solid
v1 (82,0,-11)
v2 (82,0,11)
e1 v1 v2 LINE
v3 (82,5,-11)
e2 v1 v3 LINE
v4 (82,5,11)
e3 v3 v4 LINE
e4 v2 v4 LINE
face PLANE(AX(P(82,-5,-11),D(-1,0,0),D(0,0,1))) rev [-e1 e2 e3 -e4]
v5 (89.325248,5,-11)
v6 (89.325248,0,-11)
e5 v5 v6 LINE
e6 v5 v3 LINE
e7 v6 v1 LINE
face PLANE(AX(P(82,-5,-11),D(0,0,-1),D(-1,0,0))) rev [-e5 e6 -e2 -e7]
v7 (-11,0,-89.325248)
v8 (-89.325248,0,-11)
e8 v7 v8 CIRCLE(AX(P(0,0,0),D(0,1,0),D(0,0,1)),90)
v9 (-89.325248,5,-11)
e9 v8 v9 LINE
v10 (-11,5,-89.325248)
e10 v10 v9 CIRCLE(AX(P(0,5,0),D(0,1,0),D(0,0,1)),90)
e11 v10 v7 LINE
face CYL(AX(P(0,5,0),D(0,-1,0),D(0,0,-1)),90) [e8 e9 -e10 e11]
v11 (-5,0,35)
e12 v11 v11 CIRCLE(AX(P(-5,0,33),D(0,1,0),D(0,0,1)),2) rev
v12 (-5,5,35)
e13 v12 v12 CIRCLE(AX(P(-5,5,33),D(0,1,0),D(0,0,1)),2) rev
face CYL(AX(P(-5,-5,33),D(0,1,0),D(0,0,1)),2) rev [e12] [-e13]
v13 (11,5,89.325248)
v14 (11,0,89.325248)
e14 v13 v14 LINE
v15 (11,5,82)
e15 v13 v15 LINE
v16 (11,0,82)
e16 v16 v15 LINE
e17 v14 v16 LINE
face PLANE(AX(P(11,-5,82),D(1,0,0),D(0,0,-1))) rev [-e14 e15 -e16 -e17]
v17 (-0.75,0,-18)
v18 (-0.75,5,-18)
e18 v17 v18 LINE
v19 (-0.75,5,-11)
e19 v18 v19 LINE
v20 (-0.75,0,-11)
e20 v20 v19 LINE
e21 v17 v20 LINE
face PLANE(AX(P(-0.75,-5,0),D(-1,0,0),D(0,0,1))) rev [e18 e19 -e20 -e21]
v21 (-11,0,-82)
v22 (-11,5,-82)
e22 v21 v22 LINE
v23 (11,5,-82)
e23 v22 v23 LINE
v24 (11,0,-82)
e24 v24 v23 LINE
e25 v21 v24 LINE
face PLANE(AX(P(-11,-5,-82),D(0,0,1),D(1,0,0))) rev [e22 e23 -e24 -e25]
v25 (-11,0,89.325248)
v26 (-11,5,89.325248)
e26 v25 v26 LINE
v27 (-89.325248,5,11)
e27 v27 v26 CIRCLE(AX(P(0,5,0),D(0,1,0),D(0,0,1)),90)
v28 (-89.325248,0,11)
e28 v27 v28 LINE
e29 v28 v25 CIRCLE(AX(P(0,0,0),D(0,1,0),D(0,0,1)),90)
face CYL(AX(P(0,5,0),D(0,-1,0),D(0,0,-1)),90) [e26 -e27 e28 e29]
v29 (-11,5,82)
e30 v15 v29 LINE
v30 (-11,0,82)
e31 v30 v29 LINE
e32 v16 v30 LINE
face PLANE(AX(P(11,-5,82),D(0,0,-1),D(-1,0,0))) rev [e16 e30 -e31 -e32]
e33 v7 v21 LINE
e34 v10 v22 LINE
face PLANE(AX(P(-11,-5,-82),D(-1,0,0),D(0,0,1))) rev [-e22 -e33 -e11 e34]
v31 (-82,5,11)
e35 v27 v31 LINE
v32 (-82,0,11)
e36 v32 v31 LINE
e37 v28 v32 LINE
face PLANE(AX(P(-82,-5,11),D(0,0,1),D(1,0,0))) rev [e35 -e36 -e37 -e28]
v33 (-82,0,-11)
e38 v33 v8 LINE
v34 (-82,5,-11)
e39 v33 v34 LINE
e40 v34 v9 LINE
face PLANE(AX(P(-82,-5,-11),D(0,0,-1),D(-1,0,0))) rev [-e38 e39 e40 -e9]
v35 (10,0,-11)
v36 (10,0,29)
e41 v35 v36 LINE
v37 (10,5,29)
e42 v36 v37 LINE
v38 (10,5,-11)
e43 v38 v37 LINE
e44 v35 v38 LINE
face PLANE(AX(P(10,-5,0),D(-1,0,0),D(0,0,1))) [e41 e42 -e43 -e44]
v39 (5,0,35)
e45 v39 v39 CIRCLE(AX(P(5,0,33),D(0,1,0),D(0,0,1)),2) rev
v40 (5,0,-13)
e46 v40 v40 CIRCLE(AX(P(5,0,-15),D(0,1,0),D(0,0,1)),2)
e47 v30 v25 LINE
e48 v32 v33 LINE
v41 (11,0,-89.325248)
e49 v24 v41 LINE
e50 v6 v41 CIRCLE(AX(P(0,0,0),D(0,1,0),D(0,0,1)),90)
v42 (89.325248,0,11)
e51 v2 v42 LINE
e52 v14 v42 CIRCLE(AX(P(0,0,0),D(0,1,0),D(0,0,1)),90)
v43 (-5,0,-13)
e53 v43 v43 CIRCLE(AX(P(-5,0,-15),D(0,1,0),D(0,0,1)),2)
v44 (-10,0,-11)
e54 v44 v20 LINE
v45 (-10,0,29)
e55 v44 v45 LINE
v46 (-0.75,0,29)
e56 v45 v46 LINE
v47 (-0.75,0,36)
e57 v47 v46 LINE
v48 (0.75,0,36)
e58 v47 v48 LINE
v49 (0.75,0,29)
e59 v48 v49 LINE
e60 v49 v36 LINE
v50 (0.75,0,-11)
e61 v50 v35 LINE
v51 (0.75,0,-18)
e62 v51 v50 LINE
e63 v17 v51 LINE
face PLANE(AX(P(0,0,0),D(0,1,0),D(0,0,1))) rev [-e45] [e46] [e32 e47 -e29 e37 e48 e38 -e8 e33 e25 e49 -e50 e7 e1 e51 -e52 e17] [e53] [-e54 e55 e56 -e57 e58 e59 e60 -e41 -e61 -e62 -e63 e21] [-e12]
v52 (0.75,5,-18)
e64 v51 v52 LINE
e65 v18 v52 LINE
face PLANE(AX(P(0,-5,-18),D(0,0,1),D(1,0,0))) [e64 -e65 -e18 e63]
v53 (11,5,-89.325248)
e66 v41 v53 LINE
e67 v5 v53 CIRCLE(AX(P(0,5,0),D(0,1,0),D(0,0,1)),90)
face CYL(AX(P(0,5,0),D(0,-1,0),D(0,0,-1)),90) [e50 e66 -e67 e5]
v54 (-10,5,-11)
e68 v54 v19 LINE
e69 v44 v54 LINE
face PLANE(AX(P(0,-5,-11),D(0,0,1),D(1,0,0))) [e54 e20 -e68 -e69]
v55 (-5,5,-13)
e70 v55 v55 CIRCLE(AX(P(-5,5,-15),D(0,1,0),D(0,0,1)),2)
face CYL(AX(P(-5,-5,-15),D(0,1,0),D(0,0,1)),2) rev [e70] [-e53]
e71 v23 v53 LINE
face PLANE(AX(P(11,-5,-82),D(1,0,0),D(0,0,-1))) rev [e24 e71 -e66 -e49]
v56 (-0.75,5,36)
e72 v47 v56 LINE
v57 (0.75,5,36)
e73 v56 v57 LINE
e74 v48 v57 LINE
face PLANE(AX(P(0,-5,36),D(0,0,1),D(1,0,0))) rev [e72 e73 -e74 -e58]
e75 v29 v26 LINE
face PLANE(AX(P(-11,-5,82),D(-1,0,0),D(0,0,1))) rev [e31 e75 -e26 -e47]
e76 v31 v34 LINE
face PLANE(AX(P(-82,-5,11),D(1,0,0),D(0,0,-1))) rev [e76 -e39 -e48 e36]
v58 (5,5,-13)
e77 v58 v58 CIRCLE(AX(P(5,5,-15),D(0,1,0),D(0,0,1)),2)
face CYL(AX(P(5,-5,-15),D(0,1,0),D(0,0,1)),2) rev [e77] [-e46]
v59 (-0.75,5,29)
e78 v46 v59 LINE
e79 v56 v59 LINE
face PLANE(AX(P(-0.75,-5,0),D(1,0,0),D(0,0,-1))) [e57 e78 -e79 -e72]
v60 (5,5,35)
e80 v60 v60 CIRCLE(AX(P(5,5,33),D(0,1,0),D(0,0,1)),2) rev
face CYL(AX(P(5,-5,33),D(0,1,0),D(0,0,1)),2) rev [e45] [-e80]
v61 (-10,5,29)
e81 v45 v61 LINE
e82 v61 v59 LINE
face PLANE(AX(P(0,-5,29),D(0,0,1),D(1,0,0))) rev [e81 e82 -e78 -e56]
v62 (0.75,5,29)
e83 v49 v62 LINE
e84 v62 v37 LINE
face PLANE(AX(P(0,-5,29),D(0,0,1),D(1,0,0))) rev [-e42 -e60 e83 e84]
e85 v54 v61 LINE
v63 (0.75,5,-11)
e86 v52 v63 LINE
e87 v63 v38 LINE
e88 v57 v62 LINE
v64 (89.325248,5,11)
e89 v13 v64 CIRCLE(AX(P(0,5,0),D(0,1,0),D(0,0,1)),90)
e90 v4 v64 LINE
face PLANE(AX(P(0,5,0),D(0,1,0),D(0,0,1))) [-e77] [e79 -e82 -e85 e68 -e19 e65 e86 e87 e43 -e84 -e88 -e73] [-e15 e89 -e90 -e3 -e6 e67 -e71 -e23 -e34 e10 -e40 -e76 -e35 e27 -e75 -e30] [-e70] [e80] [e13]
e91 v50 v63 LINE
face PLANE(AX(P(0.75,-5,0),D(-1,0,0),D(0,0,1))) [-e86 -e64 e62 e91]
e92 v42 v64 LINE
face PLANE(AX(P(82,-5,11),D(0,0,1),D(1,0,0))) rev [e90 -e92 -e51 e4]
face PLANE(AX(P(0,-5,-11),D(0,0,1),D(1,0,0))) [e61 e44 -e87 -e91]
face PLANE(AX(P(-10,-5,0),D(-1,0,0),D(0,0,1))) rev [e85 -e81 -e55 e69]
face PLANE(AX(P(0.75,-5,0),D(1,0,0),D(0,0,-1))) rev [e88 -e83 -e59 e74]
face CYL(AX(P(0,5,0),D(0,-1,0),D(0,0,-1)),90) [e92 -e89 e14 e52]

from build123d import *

# Parameters (mm, degrees)
SKETCH1_R           = 90
BOSS_EXTRUDE1_DEPTH = 5
SKETCH2_W           = 22
SKETCH2_H           = 25.485580708
CUT_EXTRUDE1_DEPTH  = 10
CIRPATTERN3_COUNT   = 4
SKETCH3_W           = 1.5
SKETCH3_H           = 7
SKETCH3_R           = 2
CUT_EXTRUDE2_DEPTH  = 10


with BuildPart() as part:
    # Sketch1 → Boss-Extrude1 (new body)
    with BuildSketch(Plane(origin=(0, 0, 0), x_dir=(1, 0, 0), z_dir=(0, 1, 0))):
        with Locations(Location((0, 0, 0), (0, 0, 270))):
            Circle(SKETCH1_R)
    extrude(amount=BOSS_EXTRUDE1_DEPTH)

    # Sketch2 → Cut-Extrude1 (cut)
    with BuildSketch(Plane(origin=(0, 5, 0), x_dir=(1, 0, 0), z_dir=(0, 1, 0))):
        with Locations((0, 94.742790354)):
            Rectangle(SKETCH2_W, SKETCH2_H)
    cut_extrude1 = extrude(amount=-CUT_EXTRUDE1_DEPTH, mode=Mode.SUBTRACT)

    # CirPattern3: Cut-Extrude1 ×4 about axis
    cirpattern3_axis = Axis((0, 0, 0), (0, 1, 0))
    for i in range(1, CIRPATTERN3_COUNT):
        add(cut_extrude1.rotate(cirpattern3_axis, i * 360 / CIRPATTERN3_COUNT), mode=Mode.SUBTRACT)

    # Sketch3 → Cut-Extrude2 (cut)
    with BuildSketch(Plane(origin=(0, 5, 0), x_dir=(1, 0, 0), z_dir=(0, 1, 0))):
        Polygon((10, -9), (-10, -9), (-10, -29), (-0.75, -29), (0.75, -29), (10, -29), align=None)
        with Locations((0, -32.5)):
            Rectangle(SKETCH3_W, SKETCH3_H)
        with Locations(Location((5, -33, 0), (0, 0, 270))):
            Circle(SKETCH3_R)
        with Locations(Location((-5, -33, 0), (0, 0, 270))):
            Circle(SKETCH3_R)
        Polygon((-0.75, 11), (-10, 11), (-10, -9), (10, -9), (10, 11), (0.75, 11), align=None)
        with Locations(Location((-5, 15, 0), (0, 0, 270))):
            Circle(SKETCH3_R)
        with Locations((0, 14.5)):
            Rectangle(SKETCH3_W, SKETCH3_H)
        with Locations(Location((5, 15, 0), (0, 0, 270))):
            Circle(SKETCH3_R)
    extrude(amount=-CUT_EXTRUDE2_DEPTH, mode=Mode.SUBTRACT)


solid = part.part
